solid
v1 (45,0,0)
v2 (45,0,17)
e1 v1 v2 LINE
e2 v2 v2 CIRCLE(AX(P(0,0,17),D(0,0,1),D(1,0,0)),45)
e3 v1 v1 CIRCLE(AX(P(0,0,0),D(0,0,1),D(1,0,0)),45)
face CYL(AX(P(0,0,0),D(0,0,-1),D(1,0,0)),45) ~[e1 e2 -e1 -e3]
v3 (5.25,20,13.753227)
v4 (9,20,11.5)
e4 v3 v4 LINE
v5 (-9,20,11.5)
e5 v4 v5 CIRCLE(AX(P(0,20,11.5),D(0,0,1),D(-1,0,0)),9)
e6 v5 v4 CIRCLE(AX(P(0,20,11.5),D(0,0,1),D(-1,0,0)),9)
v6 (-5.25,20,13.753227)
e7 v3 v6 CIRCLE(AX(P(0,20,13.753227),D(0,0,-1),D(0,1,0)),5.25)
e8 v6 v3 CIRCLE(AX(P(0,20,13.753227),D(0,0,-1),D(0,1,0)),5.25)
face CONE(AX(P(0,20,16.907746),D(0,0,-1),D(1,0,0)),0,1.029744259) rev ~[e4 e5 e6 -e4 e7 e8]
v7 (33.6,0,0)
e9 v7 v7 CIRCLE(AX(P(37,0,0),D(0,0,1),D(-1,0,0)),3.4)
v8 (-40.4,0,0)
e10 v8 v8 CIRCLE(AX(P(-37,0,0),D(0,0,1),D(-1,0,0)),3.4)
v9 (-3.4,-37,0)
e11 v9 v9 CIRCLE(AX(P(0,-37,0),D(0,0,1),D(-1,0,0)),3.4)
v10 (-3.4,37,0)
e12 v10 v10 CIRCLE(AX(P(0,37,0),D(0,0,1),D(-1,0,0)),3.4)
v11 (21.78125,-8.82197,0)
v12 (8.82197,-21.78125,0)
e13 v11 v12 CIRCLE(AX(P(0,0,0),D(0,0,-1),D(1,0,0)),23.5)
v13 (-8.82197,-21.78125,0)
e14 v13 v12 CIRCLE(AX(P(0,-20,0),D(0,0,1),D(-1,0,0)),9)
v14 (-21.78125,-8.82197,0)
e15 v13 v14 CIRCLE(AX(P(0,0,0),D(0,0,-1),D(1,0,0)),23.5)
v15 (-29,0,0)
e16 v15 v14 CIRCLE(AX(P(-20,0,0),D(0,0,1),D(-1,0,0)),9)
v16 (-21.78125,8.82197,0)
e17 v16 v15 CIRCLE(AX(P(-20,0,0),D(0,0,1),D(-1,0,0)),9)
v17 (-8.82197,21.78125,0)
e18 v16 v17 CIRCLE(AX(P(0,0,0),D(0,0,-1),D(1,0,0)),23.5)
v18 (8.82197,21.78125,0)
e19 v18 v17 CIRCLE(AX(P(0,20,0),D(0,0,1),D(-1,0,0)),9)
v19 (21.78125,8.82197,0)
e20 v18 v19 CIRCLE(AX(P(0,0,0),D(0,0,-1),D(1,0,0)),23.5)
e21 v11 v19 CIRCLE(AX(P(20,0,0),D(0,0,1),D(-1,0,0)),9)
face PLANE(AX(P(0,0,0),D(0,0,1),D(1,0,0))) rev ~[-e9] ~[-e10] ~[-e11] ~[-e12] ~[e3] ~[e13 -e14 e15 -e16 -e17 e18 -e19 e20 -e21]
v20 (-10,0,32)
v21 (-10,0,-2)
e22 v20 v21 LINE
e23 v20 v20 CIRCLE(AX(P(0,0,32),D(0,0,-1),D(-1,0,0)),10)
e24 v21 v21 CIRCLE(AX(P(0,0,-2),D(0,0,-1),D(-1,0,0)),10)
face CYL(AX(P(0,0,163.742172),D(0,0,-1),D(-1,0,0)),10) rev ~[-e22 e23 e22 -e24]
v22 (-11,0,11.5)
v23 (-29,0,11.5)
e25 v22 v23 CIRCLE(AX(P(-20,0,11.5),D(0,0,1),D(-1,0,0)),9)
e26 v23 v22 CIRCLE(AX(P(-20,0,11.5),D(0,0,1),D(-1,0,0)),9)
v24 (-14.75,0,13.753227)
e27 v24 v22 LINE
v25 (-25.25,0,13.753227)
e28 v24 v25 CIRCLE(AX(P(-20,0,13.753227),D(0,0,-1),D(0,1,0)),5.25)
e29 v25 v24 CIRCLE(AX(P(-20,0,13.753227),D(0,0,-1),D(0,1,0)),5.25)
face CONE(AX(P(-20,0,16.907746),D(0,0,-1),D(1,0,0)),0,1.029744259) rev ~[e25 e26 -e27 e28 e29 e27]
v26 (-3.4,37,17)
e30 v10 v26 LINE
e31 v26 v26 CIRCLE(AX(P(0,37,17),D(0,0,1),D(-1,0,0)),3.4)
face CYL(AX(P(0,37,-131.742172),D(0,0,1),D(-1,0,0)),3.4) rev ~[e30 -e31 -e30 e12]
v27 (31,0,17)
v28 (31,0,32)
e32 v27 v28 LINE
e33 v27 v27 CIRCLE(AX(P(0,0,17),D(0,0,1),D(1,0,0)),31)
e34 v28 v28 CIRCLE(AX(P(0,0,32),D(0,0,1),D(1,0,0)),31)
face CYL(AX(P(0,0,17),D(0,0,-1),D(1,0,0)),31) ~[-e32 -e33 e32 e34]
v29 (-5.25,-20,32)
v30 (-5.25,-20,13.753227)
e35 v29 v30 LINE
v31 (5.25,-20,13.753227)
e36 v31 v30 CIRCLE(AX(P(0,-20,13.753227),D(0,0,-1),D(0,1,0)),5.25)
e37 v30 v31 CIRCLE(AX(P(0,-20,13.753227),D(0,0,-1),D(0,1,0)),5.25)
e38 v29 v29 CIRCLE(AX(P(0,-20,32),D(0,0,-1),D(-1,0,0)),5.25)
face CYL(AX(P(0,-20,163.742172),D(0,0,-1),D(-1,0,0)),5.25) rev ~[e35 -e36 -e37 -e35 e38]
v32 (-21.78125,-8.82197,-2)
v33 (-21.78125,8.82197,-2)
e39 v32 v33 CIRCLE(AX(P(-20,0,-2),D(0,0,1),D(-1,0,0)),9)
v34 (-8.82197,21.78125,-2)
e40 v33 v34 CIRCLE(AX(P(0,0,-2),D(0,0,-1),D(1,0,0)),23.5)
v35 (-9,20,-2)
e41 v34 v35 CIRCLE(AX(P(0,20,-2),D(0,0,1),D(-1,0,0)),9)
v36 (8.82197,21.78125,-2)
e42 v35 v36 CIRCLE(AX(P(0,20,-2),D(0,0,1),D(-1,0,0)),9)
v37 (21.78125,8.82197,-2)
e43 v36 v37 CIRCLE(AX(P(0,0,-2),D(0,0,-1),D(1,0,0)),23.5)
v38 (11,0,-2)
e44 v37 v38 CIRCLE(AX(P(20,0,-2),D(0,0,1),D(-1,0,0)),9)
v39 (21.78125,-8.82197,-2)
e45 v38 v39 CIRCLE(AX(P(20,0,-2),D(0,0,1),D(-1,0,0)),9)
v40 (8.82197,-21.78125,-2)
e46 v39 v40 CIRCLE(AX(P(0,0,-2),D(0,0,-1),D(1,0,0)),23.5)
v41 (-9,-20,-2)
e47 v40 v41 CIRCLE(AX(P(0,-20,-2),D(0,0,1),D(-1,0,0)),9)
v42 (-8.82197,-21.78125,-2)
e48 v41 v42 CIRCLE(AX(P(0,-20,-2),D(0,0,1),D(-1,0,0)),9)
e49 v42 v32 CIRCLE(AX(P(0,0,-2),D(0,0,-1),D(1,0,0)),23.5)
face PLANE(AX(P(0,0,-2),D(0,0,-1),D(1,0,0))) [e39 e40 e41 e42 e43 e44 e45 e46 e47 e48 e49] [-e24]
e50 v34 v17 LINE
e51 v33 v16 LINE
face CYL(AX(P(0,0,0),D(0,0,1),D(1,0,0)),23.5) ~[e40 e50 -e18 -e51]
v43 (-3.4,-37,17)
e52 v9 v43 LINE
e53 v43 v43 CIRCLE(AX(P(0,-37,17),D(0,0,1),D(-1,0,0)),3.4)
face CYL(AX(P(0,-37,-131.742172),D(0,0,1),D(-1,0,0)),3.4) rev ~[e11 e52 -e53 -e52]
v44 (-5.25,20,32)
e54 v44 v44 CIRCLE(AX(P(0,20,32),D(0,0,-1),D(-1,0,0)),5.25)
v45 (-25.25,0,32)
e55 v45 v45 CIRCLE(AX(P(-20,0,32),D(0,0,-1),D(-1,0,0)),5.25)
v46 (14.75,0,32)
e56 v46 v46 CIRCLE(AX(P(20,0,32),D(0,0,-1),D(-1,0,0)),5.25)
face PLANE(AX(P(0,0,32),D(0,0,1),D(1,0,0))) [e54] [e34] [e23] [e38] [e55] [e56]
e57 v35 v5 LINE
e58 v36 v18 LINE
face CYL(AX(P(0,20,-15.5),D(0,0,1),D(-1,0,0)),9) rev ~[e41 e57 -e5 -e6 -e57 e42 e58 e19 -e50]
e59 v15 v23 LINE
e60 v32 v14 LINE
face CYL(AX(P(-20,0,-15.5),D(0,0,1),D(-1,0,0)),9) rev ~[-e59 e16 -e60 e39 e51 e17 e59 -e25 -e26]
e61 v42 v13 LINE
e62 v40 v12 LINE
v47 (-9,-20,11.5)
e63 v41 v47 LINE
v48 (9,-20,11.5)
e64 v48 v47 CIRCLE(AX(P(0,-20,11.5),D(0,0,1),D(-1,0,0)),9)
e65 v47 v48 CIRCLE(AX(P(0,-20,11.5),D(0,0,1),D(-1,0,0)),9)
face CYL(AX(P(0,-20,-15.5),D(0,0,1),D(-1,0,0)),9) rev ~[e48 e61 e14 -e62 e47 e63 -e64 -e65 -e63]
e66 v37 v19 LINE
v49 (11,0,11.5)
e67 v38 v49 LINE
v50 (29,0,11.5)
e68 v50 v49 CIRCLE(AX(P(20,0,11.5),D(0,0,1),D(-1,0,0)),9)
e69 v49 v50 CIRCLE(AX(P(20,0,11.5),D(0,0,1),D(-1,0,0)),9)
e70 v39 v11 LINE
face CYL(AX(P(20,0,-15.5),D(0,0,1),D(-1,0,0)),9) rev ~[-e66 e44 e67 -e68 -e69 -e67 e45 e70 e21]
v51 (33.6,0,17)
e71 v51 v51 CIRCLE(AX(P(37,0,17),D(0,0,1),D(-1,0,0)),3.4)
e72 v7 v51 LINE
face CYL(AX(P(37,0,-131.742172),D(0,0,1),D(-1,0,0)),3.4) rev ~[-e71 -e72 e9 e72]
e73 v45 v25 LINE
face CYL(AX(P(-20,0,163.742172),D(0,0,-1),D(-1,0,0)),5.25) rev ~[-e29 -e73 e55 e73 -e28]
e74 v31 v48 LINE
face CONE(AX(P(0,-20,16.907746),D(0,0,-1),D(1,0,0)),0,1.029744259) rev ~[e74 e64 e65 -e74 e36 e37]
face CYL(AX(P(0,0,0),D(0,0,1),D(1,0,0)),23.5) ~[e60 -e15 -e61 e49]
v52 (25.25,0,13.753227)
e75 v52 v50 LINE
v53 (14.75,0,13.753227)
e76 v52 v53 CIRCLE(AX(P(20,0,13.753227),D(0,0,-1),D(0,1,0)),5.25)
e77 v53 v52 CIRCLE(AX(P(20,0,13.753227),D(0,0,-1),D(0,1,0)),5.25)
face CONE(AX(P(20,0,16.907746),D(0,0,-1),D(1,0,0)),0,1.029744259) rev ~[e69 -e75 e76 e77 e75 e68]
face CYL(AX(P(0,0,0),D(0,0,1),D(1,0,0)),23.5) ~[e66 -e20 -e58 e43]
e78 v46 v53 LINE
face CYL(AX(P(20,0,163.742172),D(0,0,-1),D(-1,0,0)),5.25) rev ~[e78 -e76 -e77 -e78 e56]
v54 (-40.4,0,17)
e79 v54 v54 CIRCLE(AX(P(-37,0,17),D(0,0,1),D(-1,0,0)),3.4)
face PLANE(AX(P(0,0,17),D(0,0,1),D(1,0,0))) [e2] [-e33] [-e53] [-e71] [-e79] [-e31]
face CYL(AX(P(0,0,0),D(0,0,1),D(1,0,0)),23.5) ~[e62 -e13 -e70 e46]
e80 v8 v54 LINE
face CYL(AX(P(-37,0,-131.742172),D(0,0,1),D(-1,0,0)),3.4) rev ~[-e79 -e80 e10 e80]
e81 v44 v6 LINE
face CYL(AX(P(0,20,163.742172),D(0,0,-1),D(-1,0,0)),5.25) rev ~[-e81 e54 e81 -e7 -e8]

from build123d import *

# Parameters (mm, degrees)
F0_R     = 45
F1_DEPTH = 17
F2_R     = 31
F3_DEPTH = 15
F6_R     = 23.5
F7_DEPTH = 2
F9_D     = 18
F9_DEPTH = 13.5
F9_TIP   = 5.4077455712
F10_D    = 20
F11_D    = 10.5
F13_D    = 6.8


with BuildPart() as f1:
    # F0 (on Top) → F1 (new body)
    with BuildSketch(Plane.XY):
        Circle(F0_R)
    extrude(amount=F1_DEPTH)

    # F2 (on face) → F3 (join)
    with BuildSketch(Plane.XY.offset(17)):
        Circle(F2_R)
    extrude(amount=F3_DEPTH)

    # F6 (on face) → F7 (join)
    with BuildSketch(Plane(origin=(0, 0, 0), x_dir=(1, 0, 0), z_dir=(0, 0, -1))):
        Circle(F6_R)
    extrude(amount=F7_DEPTH)

    # F9
    with Locations(Plane(origin=(0, 0, -2), x_dir=(1, 0, 0), z_dir=(0, 0, -1))):
        with Locations((-20, 0), (0, 20), (20, 0), (0, -20)):
            Hole(F9_D / 2, depth=F9_DEPTH)
            with Locations((0, 0, -(F9_DEPTH + F9_TIP / 2))):  # 118° drill point
                Cone(0, F9_D / 2, F9_TIP, mode=Mode.SUBTRACT)

    # F10 (through all)
    with Locations(Plane.XY.offset(32)):
        with Locations((0, 0)):
            Hole(F10_D / 2)

    # F11 (through all)
    with Locations(Plane.XY.offset(32)):
        with Locations((-20, 0), (0, 20), (20, 0), (0, -20)):
            Hole(F11_D / 2)

    # F13 (through all)
    with Locations(Plane(origin=(0, 0, 0), x_dir=(1, 0, 0), z_dir=(0, 0, -1))):
        with Locations((0, 37), (-37, 0), (0, -37), (37, 0)):
            Hole(F13_D / 2)


solid = f1.part
